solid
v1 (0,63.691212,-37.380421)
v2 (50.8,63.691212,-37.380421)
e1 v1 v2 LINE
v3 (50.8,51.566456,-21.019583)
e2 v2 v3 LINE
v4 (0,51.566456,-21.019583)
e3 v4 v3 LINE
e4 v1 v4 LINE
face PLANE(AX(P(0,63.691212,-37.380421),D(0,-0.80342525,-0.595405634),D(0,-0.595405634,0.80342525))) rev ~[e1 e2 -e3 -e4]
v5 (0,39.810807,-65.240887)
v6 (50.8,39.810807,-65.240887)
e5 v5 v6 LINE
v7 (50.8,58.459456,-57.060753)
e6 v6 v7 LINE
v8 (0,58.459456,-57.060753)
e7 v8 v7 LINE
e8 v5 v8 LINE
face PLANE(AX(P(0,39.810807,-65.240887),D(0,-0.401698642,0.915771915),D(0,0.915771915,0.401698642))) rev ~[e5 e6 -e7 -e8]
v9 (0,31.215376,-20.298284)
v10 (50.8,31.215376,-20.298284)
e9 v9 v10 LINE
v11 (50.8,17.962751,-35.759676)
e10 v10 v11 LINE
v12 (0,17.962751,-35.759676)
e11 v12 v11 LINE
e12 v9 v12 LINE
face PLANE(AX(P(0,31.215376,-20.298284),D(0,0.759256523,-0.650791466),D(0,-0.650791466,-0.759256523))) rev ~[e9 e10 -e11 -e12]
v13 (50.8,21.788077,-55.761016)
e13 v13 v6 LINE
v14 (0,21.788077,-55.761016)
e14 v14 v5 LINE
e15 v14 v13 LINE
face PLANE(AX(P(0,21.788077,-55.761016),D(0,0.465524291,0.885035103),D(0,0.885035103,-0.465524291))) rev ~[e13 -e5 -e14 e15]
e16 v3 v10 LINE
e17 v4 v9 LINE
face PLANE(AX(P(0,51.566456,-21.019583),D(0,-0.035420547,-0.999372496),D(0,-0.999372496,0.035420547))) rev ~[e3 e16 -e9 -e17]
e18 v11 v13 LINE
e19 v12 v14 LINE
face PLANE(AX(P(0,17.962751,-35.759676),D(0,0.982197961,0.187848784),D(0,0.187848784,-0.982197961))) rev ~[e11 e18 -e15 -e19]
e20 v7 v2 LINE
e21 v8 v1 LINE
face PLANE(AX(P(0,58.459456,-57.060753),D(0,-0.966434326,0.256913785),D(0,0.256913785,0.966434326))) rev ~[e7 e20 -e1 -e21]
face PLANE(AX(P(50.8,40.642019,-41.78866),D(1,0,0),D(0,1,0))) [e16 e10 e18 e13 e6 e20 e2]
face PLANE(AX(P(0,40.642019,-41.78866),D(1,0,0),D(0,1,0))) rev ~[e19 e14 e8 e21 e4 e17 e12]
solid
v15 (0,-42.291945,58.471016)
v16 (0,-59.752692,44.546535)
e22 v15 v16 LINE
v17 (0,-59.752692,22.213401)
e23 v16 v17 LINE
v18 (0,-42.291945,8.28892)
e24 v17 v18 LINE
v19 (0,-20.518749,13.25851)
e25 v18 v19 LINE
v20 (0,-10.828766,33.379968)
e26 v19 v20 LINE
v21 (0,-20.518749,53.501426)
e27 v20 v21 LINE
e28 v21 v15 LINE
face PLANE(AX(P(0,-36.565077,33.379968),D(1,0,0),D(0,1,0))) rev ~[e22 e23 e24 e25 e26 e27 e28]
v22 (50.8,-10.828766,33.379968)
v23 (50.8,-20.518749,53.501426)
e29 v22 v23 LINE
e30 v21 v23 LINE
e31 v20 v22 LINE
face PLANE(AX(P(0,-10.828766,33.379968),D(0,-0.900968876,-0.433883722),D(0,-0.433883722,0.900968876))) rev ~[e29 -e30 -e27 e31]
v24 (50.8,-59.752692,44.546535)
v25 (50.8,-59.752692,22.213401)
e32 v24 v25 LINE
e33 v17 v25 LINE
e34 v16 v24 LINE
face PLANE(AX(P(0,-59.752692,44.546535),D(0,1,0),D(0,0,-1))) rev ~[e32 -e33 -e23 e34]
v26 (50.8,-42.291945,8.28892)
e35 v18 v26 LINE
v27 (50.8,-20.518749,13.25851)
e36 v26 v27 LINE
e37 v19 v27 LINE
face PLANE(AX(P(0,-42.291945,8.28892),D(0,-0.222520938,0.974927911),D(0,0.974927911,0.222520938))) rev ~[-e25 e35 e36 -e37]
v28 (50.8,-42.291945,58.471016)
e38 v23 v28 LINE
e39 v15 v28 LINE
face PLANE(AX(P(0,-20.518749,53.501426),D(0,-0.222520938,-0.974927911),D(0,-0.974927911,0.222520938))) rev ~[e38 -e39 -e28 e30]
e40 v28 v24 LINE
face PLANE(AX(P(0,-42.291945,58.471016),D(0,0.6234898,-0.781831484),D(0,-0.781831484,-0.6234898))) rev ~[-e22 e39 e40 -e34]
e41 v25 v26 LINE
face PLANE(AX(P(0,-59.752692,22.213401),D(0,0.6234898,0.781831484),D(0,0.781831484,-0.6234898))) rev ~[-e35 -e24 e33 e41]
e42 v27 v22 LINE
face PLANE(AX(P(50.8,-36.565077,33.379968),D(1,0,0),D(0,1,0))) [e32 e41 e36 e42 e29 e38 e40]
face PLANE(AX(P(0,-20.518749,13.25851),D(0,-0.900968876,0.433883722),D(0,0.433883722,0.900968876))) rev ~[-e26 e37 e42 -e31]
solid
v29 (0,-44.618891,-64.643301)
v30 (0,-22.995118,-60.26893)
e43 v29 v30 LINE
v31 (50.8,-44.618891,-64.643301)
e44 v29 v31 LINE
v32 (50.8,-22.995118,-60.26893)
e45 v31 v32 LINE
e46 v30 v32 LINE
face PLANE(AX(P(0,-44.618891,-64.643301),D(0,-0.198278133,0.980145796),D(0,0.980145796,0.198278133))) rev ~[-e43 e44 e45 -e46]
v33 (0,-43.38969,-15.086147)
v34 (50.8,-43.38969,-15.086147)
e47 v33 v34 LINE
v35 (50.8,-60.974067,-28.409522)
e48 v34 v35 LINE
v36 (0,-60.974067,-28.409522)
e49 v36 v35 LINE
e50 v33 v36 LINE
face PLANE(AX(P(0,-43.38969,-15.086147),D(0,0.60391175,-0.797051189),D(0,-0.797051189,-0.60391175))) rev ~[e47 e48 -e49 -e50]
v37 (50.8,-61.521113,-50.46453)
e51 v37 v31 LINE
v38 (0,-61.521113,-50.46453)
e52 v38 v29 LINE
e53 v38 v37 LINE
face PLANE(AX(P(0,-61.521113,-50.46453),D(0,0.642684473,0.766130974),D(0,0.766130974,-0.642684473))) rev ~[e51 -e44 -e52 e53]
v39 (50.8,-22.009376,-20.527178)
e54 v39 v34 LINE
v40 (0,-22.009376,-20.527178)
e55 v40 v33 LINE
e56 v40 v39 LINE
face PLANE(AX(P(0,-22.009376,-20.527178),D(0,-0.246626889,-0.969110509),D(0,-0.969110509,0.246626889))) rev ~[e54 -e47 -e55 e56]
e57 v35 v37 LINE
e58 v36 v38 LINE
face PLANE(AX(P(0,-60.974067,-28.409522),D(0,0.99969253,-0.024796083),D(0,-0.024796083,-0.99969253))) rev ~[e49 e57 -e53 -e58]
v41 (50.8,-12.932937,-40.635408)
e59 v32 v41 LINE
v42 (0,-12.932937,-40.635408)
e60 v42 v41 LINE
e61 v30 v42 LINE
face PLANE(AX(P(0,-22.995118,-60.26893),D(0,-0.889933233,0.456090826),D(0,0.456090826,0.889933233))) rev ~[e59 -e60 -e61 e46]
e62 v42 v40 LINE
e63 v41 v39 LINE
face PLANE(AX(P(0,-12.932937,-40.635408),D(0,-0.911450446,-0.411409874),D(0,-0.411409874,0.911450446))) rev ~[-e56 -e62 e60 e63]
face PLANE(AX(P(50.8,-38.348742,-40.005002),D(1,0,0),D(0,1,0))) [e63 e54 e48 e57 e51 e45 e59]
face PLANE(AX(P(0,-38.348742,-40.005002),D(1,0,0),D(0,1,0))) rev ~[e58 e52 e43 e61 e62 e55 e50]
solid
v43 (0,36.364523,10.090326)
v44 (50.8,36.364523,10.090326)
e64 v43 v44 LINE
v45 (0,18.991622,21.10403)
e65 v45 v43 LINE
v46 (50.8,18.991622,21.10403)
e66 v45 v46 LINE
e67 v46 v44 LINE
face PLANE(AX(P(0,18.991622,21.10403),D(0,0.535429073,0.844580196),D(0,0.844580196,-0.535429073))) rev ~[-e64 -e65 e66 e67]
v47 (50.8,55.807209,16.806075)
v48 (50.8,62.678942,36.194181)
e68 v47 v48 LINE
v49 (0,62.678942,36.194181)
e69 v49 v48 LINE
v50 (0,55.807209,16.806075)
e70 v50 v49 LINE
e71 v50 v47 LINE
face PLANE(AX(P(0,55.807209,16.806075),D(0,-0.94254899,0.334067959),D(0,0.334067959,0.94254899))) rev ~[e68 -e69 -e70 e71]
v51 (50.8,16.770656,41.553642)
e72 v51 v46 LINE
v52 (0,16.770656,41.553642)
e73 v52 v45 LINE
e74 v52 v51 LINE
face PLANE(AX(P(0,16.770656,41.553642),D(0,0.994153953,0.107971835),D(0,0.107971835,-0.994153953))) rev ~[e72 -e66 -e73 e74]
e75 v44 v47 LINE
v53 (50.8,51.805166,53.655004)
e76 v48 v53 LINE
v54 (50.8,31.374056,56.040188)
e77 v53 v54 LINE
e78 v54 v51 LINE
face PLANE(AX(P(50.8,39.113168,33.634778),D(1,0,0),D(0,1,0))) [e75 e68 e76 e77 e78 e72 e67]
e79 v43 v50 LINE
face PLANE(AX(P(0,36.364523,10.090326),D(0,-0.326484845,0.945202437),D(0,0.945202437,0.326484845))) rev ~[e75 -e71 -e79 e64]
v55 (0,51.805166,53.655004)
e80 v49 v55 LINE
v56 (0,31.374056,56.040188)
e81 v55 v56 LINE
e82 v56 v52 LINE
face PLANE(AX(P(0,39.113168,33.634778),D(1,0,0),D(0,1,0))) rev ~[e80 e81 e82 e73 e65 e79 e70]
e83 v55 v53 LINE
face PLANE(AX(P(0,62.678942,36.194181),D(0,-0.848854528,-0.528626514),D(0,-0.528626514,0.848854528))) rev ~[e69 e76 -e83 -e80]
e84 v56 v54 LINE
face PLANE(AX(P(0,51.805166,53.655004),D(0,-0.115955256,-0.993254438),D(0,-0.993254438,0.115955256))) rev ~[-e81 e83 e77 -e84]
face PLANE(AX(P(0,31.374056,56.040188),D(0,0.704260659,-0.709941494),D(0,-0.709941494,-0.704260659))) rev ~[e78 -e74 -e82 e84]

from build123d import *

# Parameters (mm, degrees)
F2_DEPTH = 50.8


with BuildPart() as f2:
    # F0 (on Right) → F2 (new body)
    with BuildSketch(Plane.YZ):
        Polygon((-59.752692, 44.546535), (-59.752692, 22.213401), (-42.291945, 8.28892), (-20.518749, 13.25851), (-10.828766, 33.379968), (-20.518749, 53.501426), (-42.291945, 58.471016), align=None)
        Polygon((-22.995118, -60.26893), (-12.932937, -40.635408), (-22.009376, -20.527178), (-43.38969, -15.086147), (-60.974067, -28.409522), (-61.521113, -50.46453), (-44.618891, -64.643301), align=None)
        Polygon((31.215376, -20.298284), (17.962751, -35.759676), (21.788077, -55.761016), (39.810807, -65.240887), (58.459456, -57.060753), (63.691212, -37.380421), (51.566456, -21.019583), align=None)
        Polygon((55.807209, 16.806075), (62.678942, 36.194181), (51.805166, 53.655004), (31.374056, 56.040188), (16.770656, 41.553642), (18.991622, 21.10403), (36.364523, 10.090326), align=None)
    extrude(amount=F2_DEPTH)


solid = f2.part
